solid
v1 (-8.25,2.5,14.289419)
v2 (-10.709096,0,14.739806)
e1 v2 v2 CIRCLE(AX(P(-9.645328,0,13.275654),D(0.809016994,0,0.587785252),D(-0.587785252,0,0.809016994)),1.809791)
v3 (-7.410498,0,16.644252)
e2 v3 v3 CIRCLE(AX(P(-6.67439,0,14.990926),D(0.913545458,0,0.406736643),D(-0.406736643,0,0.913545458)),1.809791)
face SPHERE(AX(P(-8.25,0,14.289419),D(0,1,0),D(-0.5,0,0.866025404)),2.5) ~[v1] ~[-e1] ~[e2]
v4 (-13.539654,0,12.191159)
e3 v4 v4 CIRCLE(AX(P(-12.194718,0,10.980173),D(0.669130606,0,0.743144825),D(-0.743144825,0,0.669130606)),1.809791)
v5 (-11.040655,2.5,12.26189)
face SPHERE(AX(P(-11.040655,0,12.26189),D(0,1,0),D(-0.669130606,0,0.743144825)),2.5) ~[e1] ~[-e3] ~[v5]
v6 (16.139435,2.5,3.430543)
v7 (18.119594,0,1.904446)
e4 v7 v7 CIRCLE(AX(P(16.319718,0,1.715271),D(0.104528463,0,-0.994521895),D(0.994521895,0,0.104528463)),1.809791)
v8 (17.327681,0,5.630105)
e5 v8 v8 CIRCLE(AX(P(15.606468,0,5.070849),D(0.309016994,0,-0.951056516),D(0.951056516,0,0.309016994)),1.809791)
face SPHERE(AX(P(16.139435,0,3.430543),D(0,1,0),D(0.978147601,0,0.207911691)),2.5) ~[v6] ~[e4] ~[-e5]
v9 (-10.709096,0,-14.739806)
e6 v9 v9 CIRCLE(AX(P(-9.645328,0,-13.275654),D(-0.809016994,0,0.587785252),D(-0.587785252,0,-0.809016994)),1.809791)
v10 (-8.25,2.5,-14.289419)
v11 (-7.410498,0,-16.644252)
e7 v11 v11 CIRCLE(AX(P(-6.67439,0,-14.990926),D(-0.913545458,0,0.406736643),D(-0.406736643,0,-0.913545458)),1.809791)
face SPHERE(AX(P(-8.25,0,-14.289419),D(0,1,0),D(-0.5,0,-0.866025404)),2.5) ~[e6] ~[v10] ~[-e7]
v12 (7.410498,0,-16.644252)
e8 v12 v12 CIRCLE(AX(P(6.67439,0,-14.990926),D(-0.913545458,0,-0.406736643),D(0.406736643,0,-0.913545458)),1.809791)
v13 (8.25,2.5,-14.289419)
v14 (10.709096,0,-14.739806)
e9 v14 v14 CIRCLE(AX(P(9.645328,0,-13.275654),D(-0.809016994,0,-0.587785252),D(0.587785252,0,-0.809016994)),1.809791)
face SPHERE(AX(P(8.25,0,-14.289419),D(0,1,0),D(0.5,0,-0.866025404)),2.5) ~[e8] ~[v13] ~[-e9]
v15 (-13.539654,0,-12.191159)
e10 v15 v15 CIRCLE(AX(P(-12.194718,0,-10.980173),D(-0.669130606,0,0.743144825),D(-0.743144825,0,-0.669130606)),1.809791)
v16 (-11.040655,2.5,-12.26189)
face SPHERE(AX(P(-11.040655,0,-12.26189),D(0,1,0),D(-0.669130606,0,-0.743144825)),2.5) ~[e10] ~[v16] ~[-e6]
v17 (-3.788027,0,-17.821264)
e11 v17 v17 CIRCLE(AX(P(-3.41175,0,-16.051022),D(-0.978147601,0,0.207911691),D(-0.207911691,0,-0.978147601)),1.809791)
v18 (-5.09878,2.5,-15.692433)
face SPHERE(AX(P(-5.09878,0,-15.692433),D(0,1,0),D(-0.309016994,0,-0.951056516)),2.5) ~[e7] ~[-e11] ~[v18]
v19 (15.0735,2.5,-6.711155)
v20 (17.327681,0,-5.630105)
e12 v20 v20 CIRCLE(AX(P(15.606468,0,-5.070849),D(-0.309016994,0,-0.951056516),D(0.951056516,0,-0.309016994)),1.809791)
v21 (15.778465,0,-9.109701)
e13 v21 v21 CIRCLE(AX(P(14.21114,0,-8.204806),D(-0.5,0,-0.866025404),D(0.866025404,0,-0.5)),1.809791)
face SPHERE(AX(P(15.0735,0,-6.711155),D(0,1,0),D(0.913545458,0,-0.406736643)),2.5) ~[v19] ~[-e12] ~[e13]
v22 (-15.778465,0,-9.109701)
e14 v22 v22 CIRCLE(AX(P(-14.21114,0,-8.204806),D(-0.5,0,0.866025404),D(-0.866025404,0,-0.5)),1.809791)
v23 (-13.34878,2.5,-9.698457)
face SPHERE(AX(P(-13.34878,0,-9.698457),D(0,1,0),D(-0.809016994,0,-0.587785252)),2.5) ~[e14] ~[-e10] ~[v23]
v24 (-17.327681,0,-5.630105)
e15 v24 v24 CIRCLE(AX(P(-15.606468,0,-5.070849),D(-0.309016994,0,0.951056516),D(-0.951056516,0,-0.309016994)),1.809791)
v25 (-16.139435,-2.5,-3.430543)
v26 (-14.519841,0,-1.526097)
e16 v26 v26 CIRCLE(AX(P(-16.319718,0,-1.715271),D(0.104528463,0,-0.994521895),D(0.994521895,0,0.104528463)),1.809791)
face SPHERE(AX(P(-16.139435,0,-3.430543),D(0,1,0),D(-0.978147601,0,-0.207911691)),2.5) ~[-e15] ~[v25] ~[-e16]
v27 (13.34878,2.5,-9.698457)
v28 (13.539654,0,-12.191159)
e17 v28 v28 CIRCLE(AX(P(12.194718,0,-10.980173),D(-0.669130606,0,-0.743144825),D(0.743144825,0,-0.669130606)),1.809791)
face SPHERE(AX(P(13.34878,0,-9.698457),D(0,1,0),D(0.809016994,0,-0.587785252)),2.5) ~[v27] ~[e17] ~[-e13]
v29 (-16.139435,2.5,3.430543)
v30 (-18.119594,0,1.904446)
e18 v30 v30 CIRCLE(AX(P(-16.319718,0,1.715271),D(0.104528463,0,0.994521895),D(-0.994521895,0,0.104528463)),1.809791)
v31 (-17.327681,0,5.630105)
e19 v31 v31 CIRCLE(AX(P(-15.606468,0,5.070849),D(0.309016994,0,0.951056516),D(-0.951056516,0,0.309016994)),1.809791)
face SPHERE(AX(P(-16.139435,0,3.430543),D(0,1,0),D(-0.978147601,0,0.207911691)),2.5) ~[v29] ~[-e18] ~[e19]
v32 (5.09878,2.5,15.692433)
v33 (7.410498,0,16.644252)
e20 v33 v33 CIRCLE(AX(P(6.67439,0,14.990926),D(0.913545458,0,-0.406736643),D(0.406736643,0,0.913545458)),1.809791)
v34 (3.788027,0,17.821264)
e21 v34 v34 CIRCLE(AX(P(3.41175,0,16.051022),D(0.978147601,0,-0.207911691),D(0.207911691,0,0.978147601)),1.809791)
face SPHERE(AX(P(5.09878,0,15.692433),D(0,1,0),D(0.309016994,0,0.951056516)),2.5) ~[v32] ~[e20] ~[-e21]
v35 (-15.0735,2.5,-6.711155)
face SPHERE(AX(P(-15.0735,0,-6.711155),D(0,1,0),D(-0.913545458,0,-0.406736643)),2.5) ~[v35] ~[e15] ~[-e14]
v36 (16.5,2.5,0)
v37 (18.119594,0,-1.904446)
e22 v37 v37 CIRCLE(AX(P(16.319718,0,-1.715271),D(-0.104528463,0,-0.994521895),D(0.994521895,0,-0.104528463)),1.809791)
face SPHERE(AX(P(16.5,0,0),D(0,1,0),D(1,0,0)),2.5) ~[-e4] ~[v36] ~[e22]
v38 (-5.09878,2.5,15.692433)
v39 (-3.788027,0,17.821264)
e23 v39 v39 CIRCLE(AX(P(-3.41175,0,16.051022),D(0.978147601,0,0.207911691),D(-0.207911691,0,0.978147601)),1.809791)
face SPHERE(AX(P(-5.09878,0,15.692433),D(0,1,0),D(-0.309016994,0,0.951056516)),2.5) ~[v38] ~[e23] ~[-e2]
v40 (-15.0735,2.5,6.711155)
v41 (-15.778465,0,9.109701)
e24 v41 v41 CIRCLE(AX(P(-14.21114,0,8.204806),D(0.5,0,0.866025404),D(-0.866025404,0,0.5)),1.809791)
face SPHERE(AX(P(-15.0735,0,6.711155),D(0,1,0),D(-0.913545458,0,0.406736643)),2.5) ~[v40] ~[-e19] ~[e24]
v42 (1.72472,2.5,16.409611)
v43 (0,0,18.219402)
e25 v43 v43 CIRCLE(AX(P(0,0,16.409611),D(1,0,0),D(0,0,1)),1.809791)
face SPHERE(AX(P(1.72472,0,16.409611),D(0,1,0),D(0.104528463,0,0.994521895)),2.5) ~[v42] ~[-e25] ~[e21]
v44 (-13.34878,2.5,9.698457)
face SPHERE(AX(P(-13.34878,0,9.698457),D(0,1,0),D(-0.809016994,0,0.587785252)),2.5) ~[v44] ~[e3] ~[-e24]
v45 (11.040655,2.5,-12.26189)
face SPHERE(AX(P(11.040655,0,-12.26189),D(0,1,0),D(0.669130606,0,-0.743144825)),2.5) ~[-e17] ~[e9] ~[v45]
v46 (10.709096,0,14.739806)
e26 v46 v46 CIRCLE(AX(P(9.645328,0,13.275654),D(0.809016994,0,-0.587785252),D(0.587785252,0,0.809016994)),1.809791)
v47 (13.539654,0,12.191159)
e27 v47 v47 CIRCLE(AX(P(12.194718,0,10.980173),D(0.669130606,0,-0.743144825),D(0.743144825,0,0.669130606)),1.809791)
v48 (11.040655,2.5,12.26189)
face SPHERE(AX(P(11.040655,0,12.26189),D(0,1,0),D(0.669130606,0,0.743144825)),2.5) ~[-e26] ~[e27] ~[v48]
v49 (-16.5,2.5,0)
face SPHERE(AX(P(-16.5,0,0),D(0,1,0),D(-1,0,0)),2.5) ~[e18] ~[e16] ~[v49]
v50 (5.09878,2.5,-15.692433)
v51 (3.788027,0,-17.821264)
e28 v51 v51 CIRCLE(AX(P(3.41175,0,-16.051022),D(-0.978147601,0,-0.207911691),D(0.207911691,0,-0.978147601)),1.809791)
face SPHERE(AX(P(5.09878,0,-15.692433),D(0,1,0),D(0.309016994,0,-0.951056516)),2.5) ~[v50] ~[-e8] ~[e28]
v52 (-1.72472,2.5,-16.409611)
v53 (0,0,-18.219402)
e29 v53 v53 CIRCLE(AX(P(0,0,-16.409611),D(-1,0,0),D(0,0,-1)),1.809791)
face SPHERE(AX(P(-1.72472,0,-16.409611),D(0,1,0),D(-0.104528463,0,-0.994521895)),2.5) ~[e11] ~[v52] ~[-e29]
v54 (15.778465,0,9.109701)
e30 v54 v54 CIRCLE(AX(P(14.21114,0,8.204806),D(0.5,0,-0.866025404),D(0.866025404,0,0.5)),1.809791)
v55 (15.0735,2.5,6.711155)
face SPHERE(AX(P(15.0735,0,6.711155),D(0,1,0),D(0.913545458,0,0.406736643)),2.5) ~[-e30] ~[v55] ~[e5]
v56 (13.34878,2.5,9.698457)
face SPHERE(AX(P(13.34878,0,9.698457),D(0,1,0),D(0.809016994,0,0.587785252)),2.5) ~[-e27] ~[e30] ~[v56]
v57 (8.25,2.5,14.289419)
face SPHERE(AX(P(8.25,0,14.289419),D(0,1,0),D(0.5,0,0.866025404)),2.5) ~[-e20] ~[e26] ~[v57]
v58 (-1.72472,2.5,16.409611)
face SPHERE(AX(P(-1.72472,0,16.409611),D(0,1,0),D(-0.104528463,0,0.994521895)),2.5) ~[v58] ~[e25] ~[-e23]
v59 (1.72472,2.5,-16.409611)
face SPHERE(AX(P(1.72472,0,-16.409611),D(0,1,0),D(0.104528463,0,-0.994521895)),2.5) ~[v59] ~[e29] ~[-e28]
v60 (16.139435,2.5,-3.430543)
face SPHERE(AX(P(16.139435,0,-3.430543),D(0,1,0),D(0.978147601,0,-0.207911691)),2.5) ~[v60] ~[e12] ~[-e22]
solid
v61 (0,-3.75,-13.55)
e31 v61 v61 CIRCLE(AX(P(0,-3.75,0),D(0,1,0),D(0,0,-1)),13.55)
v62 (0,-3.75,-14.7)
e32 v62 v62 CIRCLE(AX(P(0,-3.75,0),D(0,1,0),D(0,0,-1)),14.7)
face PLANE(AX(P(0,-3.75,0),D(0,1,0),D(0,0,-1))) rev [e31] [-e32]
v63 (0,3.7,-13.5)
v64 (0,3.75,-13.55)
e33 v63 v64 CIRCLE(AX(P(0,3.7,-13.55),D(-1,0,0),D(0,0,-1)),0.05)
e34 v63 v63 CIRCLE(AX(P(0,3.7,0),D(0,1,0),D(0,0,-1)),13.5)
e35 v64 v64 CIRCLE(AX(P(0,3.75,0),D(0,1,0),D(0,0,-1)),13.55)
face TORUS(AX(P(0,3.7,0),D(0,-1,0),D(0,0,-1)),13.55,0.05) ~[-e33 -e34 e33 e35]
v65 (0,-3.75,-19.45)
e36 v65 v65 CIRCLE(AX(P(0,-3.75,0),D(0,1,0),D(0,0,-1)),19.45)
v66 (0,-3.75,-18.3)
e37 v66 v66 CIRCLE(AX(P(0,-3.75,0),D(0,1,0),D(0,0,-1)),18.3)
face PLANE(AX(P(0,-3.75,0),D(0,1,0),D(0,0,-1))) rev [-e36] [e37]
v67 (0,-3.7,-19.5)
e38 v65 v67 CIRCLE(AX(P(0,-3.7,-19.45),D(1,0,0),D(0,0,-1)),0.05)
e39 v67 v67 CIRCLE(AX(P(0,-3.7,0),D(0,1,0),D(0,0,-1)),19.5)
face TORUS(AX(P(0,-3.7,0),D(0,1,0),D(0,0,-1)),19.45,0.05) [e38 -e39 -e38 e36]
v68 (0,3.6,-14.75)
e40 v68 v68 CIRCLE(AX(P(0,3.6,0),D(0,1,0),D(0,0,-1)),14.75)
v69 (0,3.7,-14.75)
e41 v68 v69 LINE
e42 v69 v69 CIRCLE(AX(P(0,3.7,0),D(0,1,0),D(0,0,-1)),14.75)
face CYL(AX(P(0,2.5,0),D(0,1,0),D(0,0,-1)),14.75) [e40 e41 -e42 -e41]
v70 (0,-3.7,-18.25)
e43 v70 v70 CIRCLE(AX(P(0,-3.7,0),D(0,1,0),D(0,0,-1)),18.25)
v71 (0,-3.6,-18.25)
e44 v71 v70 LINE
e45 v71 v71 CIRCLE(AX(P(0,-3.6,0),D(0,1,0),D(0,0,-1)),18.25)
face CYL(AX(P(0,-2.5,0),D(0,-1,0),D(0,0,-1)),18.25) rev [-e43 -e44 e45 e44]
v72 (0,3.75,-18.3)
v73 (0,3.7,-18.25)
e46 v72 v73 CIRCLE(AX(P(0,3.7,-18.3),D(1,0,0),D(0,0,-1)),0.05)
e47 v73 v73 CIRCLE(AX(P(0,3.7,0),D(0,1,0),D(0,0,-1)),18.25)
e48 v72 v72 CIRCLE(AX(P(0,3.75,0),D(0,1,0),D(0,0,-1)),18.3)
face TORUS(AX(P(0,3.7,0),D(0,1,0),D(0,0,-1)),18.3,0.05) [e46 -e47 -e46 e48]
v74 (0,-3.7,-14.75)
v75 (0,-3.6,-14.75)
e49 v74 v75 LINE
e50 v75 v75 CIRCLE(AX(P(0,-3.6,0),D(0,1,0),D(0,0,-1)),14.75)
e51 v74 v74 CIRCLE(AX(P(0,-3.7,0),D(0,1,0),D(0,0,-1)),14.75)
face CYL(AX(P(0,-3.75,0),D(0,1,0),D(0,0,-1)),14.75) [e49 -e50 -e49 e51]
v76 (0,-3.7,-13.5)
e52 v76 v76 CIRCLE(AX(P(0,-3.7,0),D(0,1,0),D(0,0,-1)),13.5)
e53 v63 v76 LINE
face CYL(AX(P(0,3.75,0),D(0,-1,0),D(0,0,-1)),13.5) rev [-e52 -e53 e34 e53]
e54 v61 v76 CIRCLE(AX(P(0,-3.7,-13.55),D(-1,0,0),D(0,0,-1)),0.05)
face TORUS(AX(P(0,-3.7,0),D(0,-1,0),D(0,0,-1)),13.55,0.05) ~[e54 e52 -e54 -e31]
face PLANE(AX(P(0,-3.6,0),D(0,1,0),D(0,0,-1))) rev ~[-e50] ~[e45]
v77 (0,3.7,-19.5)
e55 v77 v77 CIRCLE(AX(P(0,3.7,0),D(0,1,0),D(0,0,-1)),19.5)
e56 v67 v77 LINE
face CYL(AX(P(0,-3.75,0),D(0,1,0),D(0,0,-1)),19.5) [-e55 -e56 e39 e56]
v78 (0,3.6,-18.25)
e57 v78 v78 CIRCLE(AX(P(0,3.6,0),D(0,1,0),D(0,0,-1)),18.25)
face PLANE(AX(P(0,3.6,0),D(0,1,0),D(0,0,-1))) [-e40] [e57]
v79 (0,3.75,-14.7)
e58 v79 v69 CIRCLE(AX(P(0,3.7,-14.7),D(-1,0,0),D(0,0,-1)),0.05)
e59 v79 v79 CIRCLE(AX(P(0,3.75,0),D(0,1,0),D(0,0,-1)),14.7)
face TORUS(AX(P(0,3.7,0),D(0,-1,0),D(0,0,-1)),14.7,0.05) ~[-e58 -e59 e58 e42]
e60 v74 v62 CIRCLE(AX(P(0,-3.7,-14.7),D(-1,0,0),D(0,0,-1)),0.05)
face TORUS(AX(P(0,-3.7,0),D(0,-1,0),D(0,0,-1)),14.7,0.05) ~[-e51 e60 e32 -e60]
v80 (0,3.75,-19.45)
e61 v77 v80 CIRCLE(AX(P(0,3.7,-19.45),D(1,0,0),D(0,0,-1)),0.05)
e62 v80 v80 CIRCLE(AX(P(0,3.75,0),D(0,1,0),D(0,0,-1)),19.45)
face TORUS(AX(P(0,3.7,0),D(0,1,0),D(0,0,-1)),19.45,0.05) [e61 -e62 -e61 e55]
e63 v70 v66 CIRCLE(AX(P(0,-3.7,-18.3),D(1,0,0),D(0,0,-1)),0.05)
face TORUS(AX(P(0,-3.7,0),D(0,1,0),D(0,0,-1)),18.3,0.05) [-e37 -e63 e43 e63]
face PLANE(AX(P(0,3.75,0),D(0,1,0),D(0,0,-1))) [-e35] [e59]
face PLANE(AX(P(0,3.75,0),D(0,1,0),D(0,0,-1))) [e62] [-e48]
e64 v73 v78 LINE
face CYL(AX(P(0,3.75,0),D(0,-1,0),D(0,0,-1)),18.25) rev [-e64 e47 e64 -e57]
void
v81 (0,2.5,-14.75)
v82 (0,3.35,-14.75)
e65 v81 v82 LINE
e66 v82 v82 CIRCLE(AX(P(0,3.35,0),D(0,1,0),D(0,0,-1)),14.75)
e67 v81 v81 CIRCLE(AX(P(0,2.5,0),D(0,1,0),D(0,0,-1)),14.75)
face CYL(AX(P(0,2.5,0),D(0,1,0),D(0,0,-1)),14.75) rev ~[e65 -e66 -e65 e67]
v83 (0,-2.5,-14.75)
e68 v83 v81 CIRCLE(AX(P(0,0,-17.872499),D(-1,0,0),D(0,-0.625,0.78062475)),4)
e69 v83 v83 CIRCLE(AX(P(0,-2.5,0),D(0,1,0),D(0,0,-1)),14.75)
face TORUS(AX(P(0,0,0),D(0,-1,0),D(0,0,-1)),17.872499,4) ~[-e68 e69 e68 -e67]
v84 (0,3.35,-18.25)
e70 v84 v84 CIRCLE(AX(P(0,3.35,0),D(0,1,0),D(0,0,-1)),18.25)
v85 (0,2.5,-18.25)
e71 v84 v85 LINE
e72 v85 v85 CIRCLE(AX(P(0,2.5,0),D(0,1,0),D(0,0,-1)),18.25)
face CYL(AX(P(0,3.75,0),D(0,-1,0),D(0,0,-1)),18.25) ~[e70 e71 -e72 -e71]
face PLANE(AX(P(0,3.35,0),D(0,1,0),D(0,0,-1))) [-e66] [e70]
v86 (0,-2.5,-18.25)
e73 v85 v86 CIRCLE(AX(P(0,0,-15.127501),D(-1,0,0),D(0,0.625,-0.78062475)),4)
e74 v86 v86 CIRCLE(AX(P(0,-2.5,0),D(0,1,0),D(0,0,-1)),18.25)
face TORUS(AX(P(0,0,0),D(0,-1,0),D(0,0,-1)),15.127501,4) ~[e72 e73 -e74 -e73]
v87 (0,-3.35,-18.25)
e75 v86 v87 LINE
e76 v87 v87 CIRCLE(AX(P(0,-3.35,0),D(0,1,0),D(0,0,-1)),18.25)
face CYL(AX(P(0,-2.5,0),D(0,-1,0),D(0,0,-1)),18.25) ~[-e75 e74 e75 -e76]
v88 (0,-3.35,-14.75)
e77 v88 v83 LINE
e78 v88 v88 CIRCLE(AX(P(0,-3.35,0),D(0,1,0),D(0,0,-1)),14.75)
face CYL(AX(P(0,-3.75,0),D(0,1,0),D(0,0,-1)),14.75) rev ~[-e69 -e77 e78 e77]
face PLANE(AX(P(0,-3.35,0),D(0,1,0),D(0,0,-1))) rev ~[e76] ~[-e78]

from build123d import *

# Parameters (mm, degrees)
CIRPATTERN1_COUNT = 30
SKETCH3_W         = 4.75
SKETCH3_H         = 0.25
FILLET1_R         = 0.05
FILLET2_R         = 0.05


with BuildPart() as part:
    # Sketch1 → Revolve1 (revolve)
    with BuildSketch(Plane.XY, mode=Mode.PRIVATE) as revolve1_sk:
        with BuildLine():
            Line((-19.5, 3.75), (-18.25, 3.75))
            Line((-18.25, 3.75), (-18.25, 2.5))
            ThreePointArc((-18.25, 2.5), (-19.127501001, 0), (-18.25, -2.5))
            Line((-18.25, -2.5), (-18.25, -3.75))
            Line((-18.25, -3.75), (-19.5, -3.75))
            Line((-19.5, -3.75), (-19.5, 3.75))
        make_face()
        with BuildLine():
            Line((-14.75, -3.75), (-14.75, -2.5))
            ThreePointArc((-14.75, -2.5), (-13.872498999, 0), (-14.75, 2.5))
            Line((-14.75, 2.5), (-14.75, 3.75))
            Line((-14.75, 3.75), (-13.5, 3.75))
            Line((-13.5, 3.75), (-13.5, -3.75))
            Line((-13.5, -3.75), (-14.75, -3.75))
        make_face()
    revolve(revolve1_sk.sketch.rotate(Axis((0, 0, 0), (0, 1, 0)), 270), axis=Axis((0, 0, 0), (0, 1, 0)))

    # Sketch3 → Revolve3 (revolve)
    with BuildSketch(Plane.XY, mode=Mode.PRIVATE) as revolve3_sk:
        with Locations((-15.875, 3.475)):
            Rectangle(SKETCH3_W, SKETCH3_H)
        with Locations((-15.875, -3.475)):
            Rectangle(SKETCH3_W, SKETCH3_H)
    revolve(revolve3_sk.sketch.rotate(Axis((0, 0, 0), (0, 1, 0)), 270), axis=Axis((0, 0, 0), (0, 1, 0)))

    # Fillet1
    fillet1_edges = [part.edges().sort_by_distance(p)[0] for p in [
        (0, -3.75, 19.5),
        (0, -3.75, 18.25),
        (0, 3.75, 18.25),
        (0, 3.75, 19.5),
    ]]
    fillet(fillet1_edges, radius=FILLET1_R)

    # Fillet2
    fillet2_edges = [part.edges().sort_by_distance(p)[0] for p in [
        (0, -3.75, 13.5),
        (0, 3.75, 14.75),
        (0, -3.75, 14.75),
        (0, 3.75, 13.5),
    ]]
    fillet(fillet2_edges, radius=FILLET2_R)


with BuildPart() as body_2:
    # Sketch2 → Revolve2 (revolve)
    with BuildSketch(Plane.XY):
        with BuildLine():
            Line((-16.5, 2.5), (-16.5, -2.5))
            ThreePointArc((-16.5, -2.5), (-19, 0), (-16.5, 2.5))
        make_face()
    revolve2 = revolve(axis=Axis((-16.5, 2.5, 0), (0, -1, 0)))

    # CirPattern1: Revolve2 ×30 about axis
    cirpattern1_axis = Axis((0, 0, 0), (0, 1, 0))
    for i in range(1, CIRPATTERN1_COUNT):
        add(revolve2.rotate(cirpattern1_axis, i * 360 / CIRPATTERN1_COUNT))


solid = Compound([part.part, body_2.part])
